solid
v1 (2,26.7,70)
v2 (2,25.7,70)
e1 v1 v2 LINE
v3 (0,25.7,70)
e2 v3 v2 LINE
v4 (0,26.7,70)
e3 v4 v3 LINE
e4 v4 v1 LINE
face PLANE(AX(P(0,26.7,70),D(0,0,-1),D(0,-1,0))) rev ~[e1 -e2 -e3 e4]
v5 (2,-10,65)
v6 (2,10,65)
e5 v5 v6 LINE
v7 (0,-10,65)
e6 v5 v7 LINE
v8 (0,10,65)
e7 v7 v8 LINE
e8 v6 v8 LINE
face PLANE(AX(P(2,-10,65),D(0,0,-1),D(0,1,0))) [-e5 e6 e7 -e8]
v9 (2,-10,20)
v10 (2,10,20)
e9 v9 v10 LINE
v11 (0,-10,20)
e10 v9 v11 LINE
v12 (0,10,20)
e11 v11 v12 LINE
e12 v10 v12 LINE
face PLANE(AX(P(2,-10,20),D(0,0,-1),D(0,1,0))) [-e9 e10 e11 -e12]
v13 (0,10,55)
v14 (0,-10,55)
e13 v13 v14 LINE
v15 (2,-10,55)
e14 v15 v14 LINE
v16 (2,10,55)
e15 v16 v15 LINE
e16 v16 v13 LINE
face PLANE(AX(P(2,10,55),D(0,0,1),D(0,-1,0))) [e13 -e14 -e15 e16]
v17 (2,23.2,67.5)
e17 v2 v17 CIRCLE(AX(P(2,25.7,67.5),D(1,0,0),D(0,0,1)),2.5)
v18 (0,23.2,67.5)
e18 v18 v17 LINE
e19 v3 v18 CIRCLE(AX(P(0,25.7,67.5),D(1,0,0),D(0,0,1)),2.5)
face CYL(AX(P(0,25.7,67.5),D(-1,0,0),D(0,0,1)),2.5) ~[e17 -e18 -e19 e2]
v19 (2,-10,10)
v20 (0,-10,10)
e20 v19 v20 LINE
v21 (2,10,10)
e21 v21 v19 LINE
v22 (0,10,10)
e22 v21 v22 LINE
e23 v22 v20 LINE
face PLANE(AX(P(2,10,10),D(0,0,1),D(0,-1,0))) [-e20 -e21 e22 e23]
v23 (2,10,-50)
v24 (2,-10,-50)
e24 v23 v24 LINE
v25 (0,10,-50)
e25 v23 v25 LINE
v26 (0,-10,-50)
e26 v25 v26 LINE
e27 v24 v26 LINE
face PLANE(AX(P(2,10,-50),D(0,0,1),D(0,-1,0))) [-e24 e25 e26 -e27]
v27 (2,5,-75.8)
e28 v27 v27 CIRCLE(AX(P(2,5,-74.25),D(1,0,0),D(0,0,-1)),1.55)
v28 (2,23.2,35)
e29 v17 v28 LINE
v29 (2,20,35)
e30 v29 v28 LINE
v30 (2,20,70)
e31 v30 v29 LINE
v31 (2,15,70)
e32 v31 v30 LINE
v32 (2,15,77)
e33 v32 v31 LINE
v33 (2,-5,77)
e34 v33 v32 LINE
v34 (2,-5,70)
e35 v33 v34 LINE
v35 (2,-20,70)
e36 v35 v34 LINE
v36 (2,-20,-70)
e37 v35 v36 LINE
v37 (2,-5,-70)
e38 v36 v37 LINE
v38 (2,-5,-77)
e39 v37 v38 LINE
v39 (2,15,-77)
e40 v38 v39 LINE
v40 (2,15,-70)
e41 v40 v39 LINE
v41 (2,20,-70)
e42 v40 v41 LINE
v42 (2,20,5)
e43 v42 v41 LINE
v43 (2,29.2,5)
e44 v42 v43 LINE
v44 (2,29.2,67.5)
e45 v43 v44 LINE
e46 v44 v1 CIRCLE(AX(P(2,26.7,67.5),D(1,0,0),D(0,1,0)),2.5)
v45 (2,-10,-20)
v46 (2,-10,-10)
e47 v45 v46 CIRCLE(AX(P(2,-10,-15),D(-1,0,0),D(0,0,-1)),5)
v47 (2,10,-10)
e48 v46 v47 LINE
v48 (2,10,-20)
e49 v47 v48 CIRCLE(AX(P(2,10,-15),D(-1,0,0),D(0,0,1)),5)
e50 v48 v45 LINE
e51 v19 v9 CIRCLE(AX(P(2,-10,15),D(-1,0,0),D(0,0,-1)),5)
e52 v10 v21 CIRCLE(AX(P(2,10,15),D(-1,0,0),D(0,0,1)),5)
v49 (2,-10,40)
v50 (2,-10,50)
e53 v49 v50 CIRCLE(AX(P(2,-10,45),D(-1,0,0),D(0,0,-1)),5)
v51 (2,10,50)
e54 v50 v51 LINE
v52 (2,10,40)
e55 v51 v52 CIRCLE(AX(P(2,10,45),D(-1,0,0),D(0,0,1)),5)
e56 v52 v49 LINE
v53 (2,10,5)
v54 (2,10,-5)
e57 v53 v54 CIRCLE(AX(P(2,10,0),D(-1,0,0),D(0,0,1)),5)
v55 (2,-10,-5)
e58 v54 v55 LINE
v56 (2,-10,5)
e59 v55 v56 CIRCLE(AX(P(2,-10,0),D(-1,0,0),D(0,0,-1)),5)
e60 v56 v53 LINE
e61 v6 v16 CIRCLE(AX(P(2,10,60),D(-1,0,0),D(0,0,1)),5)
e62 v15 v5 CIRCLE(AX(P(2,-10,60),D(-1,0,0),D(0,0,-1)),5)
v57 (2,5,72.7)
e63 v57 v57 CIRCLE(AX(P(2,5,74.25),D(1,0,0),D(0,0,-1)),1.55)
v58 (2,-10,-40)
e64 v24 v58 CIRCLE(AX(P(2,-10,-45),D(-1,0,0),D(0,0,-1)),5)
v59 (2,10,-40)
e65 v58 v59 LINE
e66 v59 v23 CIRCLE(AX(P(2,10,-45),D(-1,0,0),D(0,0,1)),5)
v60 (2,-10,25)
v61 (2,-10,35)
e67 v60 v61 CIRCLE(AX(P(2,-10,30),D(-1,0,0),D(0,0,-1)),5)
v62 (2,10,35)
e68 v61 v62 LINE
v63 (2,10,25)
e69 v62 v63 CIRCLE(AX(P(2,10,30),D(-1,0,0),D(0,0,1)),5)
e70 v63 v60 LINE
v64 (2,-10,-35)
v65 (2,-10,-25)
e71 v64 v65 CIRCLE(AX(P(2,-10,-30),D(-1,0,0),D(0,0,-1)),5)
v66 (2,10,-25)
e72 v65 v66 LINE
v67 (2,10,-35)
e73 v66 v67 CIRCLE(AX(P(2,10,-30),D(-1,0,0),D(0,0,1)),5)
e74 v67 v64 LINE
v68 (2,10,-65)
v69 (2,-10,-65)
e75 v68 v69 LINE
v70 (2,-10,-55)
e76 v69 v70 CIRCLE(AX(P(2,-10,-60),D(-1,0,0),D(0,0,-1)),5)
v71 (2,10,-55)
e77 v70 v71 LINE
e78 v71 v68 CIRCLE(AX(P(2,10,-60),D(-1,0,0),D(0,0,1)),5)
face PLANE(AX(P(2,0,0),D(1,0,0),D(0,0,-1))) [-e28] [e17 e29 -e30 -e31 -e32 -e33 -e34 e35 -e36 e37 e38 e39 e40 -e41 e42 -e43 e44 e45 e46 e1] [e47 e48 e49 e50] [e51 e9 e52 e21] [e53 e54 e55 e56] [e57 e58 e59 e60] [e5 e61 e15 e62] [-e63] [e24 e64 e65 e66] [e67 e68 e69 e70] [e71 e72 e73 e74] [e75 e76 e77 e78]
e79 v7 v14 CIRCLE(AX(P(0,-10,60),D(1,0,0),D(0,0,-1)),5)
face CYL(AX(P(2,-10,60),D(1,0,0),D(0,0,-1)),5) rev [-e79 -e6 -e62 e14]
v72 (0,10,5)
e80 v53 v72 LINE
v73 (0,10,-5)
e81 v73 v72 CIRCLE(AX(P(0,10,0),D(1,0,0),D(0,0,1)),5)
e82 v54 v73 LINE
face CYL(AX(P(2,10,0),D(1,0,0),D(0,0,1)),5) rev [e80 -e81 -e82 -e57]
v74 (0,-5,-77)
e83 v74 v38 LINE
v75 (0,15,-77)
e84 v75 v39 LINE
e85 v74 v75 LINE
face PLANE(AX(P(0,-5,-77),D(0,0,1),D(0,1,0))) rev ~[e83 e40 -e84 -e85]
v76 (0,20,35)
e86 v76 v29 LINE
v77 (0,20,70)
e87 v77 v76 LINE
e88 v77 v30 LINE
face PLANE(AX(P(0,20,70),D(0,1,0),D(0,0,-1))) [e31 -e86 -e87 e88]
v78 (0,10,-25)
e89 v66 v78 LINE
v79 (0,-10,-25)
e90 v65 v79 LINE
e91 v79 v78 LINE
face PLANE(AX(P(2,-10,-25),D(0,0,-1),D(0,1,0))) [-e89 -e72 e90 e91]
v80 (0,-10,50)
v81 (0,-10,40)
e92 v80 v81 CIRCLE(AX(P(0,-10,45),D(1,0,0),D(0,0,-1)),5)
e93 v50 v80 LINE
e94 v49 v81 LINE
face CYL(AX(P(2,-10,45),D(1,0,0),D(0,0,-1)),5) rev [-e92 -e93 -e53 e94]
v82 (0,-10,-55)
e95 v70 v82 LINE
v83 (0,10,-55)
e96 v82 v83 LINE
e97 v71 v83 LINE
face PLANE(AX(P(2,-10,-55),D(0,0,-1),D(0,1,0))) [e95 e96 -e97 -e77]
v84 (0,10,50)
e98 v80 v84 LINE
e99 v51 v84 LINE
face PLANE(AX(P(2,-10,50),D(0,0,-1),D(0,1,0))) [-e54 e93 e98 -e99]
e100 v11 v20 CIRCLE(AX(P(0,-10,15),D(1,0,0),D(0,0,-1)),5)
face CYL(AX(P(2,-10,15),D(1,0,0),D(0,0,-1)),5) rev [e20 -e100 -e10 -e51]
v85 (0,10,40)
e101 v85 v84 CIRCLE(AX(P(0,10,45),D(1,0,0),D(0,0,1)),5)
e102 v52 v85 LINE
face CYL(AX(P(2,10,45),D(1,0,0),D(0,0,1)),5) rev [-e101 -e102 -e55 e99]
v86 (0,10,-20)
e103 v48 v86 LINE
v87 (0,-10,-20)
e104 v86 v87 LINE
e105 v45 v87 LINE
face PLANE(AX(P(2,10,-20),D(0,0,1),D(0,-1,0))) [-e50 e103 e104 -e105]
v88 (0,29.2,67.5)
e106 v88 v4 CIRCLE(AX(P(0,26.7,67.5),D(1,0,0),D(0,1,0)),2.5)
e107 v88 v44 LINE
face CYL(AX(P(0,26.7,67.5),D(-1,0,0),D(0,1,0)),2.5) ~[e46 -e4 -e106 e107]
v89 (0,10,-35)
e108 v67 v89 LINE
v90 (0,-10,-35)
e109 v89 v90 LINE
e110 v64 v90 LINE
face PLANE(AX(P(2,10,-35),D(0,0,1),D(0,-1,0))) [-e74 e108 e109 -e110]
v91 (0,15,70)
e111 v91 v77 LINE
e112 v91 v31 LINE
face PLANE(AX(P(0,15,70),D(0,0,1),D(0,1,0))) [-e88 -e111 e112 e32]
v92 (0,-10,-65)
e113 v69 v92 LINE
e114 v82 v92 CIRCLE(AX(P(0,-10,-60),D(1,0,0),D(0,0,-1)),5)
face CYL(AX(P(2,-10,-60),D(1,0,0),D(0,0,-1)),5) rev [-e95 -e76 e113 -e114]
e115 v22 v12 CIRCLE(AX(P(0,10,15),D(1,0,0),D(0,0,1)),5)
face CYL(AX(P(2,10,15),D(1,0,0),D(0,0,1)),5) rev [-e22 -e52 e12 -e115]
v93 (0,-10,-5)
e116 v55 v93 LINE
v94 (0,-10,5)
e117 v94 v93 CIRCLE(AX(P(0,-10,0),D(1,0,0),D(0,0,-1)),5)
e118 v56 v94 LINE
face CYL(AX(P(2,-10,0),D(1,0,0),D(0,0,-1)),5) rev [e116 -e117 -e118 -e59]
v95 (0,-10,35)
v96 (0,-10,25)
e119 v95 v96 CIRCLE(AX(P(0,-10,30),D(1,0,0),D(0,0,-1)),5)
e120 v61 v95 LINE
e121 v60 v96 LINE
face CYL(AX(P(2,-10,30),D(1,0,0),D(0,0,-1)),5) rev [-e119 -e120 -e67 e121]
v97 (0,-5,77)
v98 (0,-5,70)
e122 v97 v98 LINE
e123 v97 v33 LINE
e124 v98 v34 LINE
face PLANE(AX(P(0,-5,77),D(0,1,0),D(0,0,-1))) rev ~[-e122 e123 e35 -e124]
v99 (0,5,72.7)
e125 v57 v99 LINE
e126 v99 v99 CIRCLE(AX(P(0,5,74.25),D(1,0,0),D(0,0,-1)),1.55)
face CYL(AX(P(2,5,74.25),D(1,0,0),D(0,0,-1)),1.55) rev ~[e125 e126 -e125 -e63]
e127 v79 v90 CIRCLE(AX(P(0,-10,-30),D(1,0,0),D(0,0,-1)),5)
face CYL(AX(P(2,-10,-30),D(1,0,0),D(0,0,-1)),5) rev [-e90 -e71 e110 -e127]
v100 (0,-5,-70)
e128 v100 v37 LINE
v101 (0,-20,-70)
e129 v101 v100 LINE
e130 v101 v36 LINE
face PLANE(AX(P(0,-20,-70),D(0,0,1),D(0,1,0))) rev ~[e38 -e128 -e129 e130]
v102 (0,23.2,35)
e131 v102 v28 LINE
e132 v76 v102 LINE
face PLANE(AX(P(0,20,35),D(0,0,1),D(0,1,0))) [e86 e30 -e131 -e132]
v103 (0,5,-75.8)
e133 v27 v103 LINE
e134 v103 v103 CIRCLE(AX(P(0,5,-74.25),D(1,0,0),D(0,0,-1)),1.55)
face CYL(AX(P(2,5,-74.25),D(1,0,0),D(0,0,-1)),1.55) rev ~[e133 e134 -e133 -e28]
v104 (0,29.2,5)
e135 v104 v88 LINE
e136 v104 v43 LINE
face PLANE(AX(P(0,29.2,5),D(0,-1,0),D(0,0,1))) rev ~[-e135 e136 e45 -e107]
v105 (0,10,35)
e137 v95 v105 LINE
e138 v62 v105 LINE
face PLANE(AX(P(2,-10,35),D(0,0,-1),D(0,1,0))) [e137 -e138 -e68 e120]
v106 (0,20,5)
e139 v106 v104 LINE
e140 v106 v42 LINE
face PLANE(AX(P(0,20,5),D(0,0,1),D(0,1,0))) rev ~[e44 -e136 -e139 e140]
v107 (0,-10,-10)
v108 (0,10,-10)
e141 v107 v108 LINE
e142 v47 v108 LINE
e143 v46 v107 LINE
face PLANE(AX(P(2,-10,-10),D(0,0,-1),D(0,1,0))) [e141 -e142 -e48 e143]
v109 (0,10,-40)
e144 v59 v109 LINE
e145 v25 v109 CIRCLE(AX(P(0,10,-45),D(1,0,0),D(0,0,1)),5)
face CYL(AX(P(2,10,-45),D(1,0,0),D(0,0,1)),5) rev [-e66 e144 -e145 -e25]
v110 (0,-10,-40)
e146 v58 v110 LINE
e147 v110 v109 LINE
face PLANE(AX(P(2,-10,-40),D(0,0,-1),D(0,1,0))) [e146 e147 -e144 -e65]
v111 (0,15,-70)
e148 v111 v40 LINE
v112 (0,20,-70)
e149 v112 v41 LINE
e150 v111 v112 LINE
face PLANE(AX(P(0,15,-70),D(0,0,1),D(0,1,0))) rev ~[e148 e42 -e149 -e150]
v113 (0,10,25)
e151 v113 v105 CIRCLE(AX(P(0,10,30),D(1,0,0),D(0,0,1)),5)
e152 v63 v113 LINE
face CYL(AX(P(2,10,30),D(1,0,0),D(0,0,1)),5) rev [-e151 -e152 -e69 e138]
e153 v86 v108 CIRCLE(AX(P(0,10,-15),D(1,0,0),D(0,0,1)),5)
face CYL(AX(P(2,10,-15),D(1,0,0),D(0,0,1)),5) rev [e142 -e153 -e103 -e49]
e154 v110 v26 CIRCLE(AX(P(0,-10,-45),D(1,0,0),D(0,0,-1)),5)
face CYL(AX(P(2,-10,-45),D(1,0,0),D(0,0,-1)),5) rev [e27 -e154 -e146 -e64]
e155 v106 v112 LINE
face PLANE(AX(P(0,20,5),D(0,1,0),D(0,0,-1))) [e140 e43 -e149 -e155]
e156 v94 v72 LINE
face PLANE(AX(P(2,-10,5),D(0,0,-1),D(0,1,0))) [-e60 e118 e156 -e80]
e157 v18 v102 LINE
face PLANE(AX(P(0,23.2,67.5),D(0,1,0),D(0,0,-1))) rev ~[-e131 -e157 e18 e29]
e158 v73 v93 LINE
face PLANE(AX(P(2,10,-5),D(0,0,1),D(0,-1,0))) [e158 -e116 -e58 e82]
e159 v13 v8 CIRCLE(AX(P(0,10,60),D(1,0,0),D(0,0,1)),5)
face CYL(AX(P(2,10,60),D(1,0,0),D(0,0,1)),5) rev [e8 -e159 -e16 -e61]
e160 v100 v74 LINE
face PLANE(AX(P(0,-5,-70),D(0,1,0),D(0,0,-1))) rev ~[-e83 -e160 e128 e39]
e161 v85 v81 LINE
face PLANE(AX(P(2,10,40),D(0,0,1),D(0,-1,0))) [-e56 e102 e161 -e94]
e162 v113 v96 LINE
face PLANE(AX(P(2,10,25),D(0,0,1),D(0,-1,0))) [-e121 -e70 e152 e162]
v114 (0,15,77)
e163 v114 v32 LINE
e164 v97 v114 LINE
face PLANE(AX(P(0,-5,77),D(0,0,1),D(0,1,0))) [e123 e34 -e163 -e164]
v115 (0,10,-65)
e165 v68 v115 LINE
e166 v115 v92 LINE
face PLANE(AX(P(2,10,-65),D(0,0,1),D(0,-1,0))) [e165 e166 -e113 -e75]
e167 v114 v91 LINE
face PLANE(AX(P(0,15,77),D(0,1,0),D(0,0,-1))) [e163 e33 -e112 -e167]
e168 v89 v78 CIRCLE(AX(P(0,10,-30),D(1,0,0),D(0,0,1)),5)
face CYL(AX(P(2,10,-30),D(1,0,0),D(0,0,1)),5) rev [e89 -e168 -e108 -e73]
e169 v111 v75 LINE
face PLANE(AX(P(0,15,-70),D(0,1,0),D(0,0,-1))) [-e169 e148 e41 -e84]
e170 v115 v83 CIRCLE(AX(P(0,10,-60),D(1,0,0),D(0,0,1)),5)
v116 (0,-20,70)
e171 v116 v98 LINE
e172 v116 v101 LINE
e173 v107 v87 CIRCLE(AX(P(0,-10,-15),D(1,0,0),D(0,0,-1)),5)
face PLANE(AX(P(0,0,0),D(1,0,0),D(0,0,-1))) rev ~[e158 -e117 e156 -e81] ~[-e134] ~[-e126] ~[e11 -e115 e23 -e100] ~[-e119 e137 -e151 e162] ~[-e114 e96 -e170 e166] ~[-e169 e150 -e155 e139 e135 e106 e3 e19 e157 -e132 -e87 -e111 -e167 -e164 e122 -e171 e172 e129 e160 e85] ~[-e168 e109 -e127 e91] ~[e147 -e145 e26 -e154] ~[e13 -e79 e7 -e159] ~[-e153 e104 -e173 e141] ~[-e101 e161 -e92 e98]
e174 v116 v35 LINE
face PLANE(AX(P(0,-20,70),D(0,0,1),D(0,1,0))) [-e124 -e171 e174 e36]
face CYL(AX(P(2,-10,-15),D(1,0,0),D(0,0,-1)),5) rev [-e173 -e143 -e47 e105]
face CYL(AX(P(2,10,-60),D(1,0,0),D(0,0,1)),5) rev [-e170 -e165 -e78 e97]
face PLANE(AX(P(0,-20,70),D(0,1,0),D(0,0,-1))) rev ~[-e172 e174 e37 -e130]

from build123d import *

# Parameters (mm, degrees)
SKETCH_1_W          = 140
SKETCH_1_H          = 40
SKETCH_1_W_2        = 7
SKETCH_1_H_2        = 20
SKETCH_1_W_3        = 30
SKETCH_1_H_3        = 3.2
EXTRUDE_1_DEPTH     = 2
CUT_EXTRUDE_1_DEPTH = 3
SKETCH_3_R          = 1.55
CUT_EXTRUDE_2_DEPTH = 3


with BuildPart() as part:
    # 草图1 → 凸台-拉伸1 (new body)
    with BuildSketch(Plane(origin=(0, 0, 0), x_dir=(0, 0, -1), z_dir=(1, 0, 0))):
        Rectangle(SKETCH_1_W, SKETCH_1_H)
        with Locations((-73.5, 5)):
            Rectangle(SKETCH_1_W_2, SKETCH_1_H_2)
        with BuildLine():
            Line((-67.5, 23.2), (-35, 23.2))
            Line((-35, 23.2), (-5, 23.2))
            Line((-5, 23.2), (-5, 29.2))
            Line((-5, 29.2), (-67.5, 29.2))
            ThreePointArc((-67.5, 29.2), (-69.267766953, 28.467766953), (-70, 26.7))
            Line((-70, 26.7), (-70, 25.7))
            ThreePointArc((-70, 25.7), (-69.267766953, 23.932233047), (-67.5, 23.2))
        make_face()
        with Locations((-20, 21.6)):
            Rectangle(SKETCH_1_W_3, SKETCH_1_H_3)
        with Locations((73.5, 5)):
            Rectangle(SKETCH_1_W_2, SKETCH_1_H_2)
    extrude(amount=EXTRUDE_1_DEPTH)

    # 草图2 → 切除-拉伸1 (cut)
    with BuildSketch(Plane(origin=(2, 0, 0), x_dir=(0, 0, -1), z_dir=(1, 0, 0))):
        with BuildLine():
            Line((-65, -10), (-65, 10))
            ThreePointArc((-65, 10), (-60, 15), (-55, 10))
            Line((-55, 10), (-55, -10))
            ThreePointArc((-55, -10), (-60, -15), (-65, -10))
        make_face()
        with BuildLine():
            Line((-50, -10), (-50, 10))
            ThreePointArc((-50, 10), (-45, 15), (-40, 10))
            Line((-40, 10), (-40, -10))
            ThreePointArc((-40, -10), (-45, -15), (-50, -10))
        make_face()
        with BuildLine():
            Line((-35, -10), (-35, 10))
            ThreePointArc((-35, 10), (-30, 15), (-25, 10))
            Line((-25, 10), (-25, -10))
            ThreePointArc((-25, -10), (-30, -15), (-35, -10))
        make_face()
        with BuildLine():
            Line((-20, -10), (-20, 10))
            ThreePointArc((-20, 10), (-15, 15), (-10, 10))
            Line((-10, 10), (-10, -10))
            ThreePointArc((-10, -10), (-15, -15), (-20, -10))
        make_face()
        with BuildLine():
            Line((-5, -10), (-5, 10))
            ThreePointArc((-5, 10), (0, 15), (5, 10))
            Line((5, 10), (5, -10))
            ThreePointArc((5, -10), (0, -15), (-5, -10))
        make_face()
        with BuildLine():
            Line((10, -10), (10, 10))
            ThreePointArc((10, 10), (15, 15), (20, 10))
            Line((20, 10), (20, -10))
            ThreePointArc((20, -10), (15, -15), (10, -10))
        make_face()
        with BuildLine():
            Line((25, -10), (25, 10))
            ThreePointArc((25, 10), (30, 15), (35, 10))
            Line((35, 10), (35, -10))
            ThreePointArc((35, -10), (30, -15), (25, -10))
        make_face()
        with BuildLine():
            Line((40, -10), (40, 10))
            ThreePointArc((40, 10), (45, 15), (50, 10))
            Line((50, 10), (50, -10))
            ThreePointArc((50, -10), (45, -15), (40, -10))
        make_face()
        with BuildLine():
            Line((55, -10), (55, 10))
            ThreePointArc((55, 10), (60, 15), (65, 10))
            Line((65, 10), (65, -10))
            ThreePointArc((65, -10), (60, -15), (55, -10))
        make_face()
    extrude(amount=-CUT_EXTRUDE_1_DEPTH, mode=Mode.SUBTRACT)

    # 草图3 → 切除-拉伸2 (cut)
    with BuildSketch(Plane(origin=(2, 0, 0), x_dir=(0, 0, -1), z_dir=(1, 0, 0))):
        with Locations((-74.25, 5)):
            Circle(SKETCH_3_R)
        with Locations((74.25, 5)):
            Circle(SKETCH_3_R)
    extrude(amount=-CUT_EXTRUDE_2_DEPTH, mode=Mode.SUBTRACT)


solid = part.part
